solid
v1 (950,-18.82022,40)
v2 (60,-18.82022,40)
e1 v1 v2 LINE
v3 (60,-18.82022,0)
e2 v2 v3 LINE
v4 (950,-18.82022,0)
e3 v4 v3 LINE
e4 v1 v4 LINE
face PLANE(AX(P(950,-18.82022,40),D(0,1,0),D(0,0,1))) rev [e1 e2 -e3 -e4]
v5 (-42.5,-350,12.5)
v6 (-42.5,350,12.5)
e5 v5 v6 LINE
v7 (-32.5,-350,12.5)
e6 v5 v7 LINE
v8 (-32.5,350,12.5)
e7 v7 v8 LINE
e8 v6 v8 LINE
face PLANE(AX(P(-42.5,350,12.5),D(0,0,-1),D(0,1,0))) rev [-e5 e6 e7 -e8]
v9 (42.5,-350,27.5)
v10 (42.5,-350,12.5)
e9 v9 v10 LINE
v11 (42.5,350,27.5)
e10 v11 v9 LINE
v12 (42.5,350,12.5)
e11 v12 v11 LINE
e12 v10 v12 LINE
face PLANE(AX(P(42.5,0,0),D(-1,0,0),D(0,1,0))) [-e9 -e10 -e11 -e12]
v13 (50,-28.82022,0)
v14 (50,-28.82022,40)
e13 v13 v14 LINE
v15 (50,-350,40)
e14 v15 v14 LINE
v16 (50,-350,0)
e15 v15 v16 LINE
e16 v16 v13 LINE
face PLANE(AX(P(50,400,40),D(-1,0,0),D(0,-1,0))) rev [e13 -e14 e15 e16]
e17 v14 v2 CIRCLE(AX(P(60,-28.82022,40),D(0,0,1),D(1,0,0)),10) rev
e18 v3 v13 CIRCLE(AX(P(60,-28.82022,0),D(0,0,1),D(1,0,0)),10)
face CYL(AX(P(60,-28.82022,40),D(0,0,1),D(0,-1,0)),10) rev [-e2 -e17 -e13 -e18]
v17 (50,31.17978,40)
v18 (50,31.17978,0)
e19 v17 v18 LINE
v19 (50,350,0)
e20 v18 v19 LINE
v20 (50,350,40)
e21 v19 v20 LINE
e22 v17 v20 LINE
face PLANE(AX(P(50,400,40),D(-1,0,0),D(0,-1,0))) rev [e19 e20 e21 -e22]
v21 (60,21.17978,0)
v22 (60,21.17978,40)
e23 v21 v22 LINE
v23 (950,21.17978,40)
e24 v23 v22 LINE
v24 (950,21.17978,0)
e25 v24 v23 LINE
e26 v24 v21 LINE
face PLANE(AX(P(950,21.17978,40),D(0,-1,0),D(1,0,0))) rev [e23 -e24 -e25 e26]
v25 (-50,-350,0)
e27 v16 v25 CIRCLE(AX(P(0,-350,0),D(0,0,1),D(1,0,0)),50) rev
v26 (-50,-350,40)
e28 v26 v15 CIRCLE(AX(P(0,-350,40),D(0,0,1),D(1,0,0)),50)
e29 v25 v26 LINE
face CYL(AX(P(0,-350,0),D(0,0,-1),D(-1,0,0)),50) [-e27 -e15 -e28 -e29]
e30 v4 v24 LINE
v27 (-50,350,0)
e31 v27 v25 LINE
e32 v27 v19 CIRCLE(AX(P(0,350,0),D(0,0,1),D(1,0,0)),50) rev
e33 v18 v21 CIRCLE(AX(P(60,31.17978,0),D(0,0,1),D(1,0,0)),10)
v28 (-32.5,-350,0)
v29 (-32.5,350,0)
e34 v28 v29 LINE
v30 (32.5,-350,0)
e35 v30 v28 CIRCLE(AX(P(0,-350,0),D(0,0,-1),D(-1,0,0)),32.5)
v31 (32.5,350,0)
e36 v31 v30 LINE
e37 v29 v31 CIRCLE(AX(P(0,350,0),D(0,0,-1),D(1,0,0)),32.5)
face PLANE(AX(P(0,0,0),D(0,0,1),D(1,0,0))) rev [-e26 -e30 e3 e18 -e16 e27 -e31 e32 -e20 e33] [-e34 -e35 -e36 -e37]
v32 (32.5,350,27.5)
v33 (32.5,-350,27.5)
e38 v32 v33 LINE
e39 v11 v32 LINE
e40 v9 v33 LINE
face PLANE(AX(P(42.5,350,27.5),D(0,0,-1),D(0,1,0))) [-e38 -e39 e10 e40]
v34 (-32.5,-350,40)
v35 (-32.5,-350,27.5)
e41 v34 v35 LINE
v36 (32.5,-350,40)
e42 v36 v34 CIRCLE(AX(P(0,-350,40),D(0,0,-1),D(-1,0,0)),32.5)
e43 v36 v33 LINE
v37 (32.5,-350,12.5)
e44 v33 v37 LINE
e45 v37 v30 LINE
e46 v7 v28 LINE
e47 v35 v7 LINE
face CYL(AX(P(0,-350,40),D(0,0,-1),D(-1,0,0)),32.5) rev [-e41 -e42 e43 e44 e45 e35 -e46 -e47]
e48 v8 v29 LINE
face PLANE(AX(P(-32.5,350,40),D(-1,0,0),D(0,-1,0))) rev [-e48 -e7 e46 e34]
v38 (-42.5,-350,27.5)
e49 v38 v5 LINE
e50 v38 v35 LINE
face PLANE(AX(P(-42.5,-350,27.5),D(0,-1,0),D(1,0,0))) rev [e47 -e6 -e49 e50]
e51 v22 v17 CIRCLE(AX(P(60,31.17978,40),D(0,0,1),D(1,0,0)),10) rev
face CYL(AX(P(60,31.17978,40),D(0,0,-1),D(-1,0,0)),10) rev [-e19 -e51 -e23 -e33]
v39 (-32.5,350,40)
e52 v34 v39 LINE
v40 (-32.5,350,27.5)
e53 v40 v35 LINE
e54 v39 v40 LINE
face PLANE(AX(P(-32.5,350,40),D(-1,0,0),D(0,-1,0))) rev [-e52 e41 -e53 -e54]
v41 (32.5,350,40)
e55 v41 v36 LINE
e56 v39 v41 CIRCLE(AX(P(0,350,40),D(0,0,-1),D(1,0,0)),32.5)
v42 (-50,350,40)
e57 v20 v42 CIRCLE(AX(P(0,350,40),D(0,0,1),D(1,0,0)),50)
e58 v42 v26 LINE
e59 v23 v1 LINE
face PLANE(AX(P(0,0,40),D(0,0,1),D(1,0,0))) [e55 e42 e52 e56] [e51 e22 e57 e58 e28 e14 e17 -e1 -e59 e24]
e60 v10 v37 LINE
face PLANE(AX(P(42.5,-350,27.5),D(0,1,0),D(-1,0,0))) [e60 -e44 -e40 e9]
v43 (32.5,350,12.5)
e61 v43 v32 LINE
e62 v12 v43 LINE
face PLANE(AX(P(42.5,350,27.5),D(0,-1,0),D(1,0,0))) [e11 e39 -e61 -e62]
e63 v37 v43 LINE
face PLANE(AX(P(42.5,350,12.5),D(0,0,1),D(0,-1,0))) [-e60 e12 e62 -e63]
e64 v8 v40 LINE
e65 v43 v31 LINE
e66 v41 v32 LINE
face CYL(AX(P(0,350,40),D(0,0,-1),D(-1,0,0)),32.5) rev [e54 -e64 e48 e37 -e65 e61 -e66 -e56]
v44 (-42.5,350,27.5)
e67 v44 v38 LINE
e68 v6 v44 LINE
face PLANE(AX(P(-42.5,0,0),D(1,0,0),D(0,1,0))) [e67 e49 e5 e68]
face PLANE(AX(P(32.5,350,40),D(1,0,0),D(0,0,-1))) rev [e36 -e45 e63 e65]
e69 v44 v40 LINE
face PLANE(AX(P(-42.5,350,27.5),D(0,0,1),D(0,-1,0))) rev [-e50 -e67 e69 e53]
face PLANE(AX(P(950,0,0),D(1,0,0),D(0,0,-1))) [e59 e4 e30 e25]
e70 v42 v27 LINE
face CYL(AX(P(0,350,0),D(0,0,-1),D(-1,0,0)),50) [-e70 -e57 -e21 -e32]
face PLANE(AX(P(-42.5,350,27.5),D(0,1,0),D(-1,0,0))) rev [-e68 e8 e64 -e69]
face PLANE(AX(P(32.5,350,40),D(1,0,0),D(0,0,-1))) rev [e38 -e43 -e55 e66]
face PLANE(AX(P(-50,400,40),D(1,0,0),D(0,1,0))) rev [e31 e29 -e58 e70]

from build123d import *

# Parameters (mm, degrees)
SKETCH1_W           = 100
SKETCH1_H           = 800
BOSS_EXTRUDE1_DEPTH = 40
FILLET1_RADIUS      = 50
FILLET1_LENGTH      = 40
FILLET2_RADIUS      = 50
FILLET2_LENGTH      = 40
CUT_EXTRUDE1_DEPTH  = 406.092582011
SKETCH3_W           = 15
SKETCH3_H           = 700
CUT_EXTRUDE2_DEPTH  = 10
SKETCH4_W           = 40
SKETCH4_H           = 40
BOSS_EXTRUDE2_DEPTH = 900
FILLET3_R           = 10


with BuildPart() as part:
    # Sketch1 → Boss-Extrude1 (new body)
    with BuildSketch(Plane.XY):
        Rectangle(SKETCH1_W, SKETCH1_H)
    extrude(amount=BOSS_EXTRUDE1_DEPTH)

    # Fillet1: full round fillet: the end face becomes a half cylinder, R = half its width
    fillet1_face = Plane((0, 400, 20), x_dir=(0, 0, 1), z_dir=(0, 1, 0))  # on the end face: x along it, z out of the body
    fillet1_slab = fillet1_face.offset(-FILLET1_RADIUS / 2) * Box(FILLET1_LENGTH, 2 * FILLET1_RADIUS, FILLET1_RADIUS, mode=Mode.PRIVATE)  # the body's end, R deep
    fillet1_round = Plane((0, 350, 20), x_dir=(0, 1, 0), z_dir=(0, 0, 1)) * Cylinder(FILLET1_RADIUS, FILLET1_LENGTH, mode=Mode.PRIVATE)  # its axis R under the face
    add(fillet1_slab - fillet1_round, mode=Mode.SUBTRACT)

    # Fillet2: full round fillet: the end face becomes a half cylinder, R = half its width
    fillet2_face = Plane((0, -400, 20), x_dir=(0, 0, 1), z_dir=(0, -1, 0))  # on the end face: x along it, z out of the body
    fillet2_slab = fillet2_face.offset(-FILLET2_RADIUS / 2) * Box(FILLET2_LENGTH, 2 * FILLET2_RADIUS, FILLET2_RADIUS, mode=Mode.PRIVATE)  # the body's end, R deep
    fillet2_round = Plane((0, -350, 20), x_dir=(0, -1, 0), z_dir=(0, 0, 1)) * Cylinder(FILLET2_RADIUS, FILLET2_LENGTH, mode=Mode.PRIVATE)  # its axis R under the face
    add(fillet2_slab - fillet2_round, mode=Mode.SUBTRACT)

    # Sketch2 → Cut-Extrude1 (cut, through all)
    with BuildSketch(Plane(origin=(0, 0, 0), x_dir=(-1, 0, 0), z_dir=(0, 0, -1))):
        with BuildLine():
            Line((-32.5, 350), (-32.5, -350))
            ThreePointArc((-32.5, -350), (0, -382.5), (32.5, -350))
            Line((32.5, -350), (32.5, 350))
            ThreePointArc((32.5, 350), (0, 382.5), (-32.5, 350))
        make_face()
    extrude(amount=-CUT_EXTRUDE1_DEPTH, mode=Mode.SUBTRACT)

    # Sketch3 → Cut-Extrude2 (cut)
    with BuildSketch(Plane(origin=(-32.5, 0, 0), x_dir=(0, 0, -1), z_dir=(1, 0, 0))):
        with Locations((-20, 0)):
            Rectangle(SKETCH3_W, SKETCH3_H)
    cut_extrude2 = extrude(amount=-CUT_EXTRUDE2_DEPTH, mode=Mode.SUBTRACT)

    # Mirror1: Cut-Extrude2 across plane
    add(cut_extrude2.mirror(Plane(origin=(0, 0, 0), x_dir=(0, 0, 1), z_dir=(1, 0, 0))), mode=Mode.SUBTRACT)

    # Sketch4 → Boss-Extrude2 (add)
    with BuildSketch(Plane(origin=(50, 0, 0), x_dir=(0, 0, -1), z_dir=(1, 0, 0))):
        with Locations((-20, 1.179779929)):
            Rectangle(SKETCH4_W, SKETCH4_H)
    extrude(amount=BOSS_EXTRUDE2_DEPTH)

    # Fillet3
    fillet3_edges = [part.edges().sort_by_distance(p)[0] for p in [
        (50, 21.179779929, 20),
        (50, -18.820220071, 20),
    ]]
    fillet(fillet3_edges, radius=FILLET3_R)


solid = part.part
